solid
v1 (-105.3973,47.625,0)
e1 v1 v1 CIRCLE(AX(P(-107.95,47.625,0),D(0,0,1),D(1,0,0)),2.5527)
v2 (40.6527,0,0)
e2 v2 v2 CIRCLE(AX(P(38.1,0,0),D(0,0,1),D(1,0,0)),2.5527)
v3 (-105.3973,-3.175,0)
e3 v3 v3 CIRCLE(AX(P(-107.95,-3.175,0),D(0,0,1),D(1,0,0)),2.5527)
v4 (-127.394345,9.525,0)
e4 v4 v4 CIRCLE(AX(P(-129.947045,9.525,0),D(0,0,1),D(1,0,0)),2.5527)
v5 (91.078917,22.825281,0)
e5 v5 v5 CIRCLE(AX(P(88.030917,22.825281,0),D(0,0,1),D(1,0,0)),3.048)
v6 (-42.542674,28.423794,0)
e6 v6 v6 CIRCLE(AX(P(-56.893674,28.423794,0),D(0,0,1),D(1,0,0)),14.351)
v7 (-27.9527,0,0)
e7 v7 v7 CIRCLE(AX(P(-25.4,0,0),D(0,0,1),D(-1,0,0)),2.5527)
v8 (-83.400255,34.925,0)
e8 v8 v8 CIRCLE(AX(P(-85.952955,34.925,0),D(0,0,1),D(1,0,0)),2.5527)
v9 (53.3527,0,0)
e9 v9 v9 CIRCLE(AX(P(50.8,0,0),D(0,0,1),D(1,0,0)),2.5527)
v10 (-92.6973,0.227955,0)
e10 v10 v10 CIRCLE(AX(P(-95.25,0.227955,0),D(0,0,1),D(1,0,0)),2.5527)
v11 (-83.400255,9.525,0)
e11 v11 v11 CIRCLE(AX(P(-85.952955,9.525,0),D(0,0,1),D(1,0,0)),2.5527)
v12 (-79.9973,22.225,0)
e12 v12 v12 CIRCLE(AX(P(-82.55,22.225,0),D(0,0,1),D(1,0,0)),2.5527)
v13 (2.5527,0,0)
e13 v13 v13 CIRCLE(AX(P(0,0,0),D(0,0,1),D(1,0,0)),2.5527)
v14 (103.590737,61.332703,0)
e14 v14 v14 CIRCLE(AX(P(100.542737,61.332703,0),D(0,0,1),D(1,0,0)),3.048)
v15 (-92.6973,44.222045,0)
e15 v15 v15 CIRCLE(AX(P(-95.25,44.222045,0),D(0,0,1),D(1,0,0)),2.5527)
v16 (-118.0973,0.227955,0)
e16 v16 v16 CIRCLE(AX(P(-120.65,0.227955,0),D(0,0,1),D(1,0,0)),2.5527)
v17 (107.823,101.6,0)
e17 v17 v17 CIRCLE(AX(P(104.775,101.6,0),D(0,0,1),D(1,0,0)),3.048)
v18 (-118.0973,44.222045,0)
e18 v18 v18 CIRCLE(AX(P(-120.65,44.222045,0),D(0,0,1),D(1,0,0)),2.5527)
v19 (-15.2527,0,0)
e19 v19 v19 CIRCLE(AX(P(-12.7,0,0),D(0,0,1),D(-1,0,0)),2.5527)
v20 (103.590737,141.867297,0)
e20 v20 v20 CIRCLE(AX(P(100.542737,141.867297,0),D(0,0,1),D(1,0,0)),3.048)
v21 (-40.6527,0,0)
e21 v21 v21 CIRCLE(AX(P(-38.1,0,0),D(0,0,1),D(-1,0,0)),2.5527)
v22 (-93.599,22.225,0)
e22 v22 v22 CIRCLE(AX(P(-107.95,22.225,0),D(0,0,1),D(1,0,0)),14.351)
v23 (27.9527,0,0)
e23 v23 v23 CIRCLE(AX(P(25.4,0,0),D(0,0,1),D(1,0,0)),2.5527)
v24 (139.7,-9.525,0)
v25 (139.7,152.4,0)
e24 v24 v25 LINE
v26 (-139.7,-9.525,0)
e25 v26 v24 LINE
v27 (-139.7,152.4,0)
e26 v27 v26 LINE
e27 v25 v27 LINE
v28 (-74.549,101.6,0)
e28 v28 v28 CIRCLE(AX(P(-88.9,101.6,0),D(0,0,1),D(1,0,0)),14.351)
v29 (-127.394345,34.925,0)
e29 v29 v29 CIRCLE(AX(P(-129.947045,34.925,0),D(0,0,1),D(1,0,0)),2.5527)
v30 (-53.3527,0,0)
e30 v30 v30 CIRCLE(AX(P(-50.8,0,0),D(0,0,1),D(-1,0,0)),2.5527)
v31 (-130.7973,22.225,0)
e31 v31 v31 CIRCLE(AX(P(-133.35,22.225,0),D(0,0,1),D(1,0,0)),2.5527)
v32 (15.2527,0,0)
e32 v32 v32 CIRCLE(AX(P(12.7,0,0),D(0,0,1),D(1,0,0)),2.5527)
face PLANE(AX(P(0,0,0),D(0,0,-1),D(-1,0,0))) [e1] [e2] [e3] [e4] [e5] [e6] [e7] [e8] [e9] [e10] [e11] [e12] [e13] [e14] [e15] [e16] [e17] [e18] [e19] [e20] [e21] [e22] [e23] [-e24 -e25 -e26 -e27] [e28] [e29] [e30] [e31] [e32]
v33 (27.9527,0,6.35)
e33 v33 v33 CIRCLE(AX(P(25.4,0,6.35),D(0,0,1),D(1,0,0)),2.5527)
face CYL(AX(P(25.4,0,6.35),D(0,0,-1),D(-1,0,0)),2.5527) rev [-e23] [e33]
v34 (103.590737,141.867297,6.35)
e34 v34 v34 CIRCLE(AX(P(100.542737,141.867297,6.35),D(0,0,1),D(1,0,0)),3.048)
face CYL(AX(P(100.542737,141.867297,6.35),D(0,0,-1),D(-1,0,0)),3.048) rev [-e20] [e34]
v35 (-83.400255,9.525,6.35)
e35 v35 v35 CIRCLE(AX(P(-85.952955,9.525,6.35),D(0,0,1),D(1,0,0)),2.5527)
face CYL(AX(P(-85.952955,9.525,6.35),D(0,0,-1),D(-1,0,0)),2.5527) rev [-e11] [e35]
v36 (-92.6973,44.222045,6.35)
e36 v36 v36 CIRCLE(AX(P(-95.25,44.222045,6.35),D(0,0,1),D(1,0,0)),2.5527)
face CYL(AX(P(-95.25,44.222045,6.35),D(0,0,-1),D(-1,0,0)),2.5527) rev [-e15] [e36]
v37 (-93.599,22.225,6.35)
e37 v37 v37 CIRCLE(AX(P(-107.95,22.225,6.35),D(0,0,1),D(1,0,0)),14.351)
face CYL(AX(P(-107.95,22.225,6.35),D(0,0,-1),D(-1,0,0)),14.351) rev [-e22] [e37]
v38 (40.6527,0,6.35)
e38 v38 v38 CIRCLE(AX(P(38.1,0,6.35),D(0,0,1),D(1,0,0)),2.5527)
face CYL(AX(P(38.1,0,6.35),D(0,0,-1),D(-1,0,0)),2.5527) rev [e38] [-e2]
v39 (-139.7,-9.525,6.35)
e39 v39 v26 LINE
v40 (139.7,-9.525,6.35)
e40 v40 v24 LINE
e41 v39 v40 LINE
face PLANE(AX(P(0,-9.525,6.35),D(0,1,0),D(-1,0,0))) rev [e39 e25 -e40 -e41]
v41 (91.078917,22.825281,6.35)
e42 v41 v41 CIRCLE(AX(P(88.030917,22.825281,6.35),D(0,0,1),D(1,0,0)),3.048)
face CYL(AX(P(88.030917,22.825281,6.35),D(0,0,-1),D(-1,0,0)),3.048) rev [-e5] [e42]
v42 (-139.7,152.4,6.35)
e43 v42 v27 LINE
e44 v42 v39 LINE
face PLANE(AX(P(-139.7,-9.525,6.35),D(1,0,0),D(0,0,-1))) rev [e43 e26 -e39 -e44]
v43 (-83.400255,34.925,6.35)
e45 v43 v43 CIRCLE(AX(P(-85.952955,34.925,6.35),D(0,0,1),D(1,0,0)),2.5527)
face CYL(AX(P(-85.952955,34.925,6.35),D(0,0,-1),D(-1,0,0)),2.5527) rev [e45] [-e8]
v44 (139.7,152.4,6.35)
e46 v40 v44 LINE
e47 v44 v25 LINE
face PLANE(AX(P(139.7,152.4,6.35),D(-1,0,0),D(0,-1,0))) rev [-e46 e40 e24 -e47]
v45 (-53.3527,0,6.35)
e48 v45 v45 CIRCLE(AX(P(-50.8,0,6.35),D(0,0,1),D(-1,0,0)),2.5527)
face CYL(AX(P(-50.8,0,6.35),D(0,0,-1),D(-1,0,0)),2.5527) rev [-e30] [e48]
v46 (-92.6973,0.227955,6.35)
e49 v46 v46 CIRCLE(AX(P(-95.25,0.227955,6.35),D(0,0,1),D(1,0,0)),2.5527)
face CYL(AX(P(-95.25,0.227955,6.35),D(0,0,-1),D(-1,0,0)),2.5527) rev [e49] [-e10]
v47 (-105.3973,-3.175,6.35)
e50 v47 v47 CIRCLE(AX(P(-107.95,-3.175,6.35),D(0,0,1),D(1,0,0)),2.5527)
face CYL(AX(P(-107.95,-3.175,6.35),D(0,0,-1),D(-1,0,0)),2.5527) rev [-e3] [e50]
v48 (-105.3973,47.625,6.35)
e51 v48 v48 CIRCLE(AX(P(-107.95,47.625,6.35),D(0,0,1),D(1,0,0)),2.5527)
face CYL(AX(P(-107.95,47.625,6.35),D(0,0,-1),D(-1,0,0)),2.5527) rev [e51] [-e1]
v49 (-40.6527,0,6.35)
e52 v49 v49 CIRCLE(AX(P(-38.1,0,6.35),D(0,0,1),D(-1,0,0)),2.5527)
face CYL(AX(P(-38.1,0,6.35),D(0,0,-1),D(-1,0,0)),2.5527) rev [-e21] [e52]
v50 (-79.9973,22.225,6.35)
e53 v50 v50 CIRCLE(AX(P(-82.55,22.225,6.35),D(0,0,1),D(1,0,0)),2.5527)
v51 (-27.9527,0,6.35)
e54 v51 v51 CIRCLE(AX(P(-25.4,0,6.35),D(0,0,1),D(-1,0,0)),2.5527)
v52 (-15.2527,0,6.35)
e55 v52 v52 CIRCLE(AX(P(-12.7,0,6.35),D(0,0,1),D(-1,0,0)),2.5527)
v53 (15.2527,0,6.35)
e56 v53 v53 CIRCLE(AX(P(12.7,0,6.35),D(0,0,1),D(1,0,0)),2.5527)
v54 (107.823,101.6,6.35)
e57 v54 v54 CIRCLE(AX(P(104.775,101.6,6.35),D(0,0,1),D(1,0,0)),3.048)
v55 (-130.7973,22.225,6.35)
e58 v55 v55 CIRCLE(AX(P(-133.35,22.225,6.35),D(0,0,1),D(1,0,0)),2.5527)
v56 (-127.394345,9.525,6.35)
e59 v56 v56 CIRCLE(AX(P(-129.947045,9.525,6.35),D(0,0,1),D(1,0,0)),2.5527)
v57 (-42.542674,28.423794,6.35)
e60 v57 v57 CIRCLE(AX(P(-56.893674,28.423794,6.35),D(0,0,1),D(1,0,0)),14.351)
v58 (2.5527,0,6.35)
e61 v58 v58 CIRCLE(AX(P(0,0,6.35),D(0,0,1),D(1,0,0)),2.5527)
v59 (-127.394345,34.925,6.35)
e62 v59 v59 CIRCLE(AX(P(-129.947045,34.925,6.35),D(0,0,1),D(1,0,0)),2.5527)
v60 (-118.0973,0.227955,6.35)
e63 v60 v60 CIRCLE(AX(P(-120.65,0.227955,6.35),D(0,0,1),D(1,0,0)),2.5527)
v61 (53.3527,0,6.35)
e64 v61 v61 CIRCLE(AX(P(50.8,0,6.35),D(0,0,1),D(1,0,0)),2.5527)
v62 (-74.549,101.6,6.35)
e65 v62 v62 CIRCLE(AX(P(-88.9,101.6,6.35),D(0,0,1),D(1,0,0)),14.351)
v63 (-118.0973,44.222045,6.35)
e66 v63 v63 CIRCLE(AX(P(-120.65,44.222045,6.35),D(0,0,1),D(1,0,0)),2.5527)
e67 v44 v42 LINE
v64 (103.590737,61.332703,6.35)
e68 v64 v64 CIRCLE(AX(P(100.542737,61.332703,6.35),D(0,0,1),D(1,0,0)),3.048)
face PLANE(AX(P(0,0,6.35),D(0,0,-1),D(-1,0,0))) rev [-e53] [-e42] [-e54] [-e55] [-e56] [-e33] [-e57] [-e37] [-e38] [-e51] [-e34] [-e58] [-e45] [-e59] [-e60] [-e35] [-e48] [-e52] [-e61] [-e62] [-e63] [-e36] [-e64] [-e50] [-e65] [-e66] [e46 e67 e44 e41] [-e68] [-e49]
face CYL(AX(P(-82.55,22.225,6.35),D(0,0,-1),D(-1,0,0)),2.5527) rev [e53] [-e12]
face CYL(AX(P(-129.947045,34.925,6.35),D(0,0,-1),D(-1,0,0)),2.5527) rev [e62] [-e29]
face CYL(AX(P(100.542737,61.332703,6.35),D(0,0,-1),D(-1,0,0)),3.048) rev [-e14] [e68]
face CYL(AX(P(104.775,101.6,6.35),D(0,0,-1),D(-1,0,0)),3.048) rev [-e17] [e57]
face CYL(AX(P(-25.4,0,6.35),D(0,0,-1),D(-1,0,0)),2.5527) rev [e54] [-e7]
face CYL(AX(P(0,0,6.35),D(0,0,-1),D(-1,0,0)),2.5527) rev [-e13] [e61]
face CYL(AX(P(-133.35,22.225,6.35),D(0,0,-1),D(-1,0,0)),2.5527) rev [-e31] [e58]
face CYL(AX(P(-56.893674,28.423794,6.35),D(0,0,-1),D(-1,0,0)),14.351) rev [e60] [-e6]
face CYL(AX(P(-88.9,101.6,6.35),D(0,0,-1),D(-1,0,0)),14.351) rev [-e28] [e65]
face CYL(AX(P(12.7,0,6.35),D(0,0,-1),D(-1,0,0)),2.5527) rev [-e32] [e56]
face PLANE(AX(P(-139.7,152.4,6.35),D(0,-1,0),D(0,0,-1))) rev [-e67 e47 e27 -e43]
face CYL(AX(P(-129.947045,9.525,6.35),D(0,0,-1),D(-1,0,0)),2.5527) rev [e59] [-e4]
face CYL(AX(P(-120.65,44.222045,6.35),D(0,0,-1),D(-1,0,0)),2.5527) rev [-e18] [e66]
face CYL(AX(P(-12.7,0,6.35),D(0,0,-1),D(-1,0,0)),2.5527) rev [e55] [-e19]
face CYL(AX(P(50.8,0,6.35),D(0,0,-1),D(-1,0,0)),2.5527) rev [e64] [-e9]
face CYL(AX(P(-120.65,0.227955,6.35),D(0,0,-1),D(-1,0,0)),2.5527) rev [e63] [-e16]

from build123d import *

# Parameters (mm, degrees)
SKETCH1_R           = 2.5527
SKETCH1_R_2         = 3.048
SKETCH1_R_3         = 14.351
BOSS_EXTRUDE1_DEPTH = 6.35


with BuildPart() as part:
    # Sketch1 → Boss-Extrude1 (new body)
    with BuildSketch(Plane.XY):
        Polygon((0, -9.525), (-139.7, -9.525), (-139.7, 152.4), (139.7, 152.4), (139.7, -9.525), align=None)
        Circle(SKETCH1_R, mode=Mode.SUBTRACT)
        with Locations((12.7, 0)):
            Circle(SKETCH1_R, mode=Mode.SUBTRACT)
        with Locations((25.4, 0)):
            Circle(SKETCH1_R, mode=Mode.SUBTRACT)
        with Locations((38.1, 0)):
            Circle(SKETCH1_R, mode=Mode.SUBTRACT)
        with Locations((50.8, 0)):
            Circle(SKETCH1_R, mode=Mode.SUBTRACT)
        with Locations(Location((-50.8, 0, 0), (0, 0, 180))):
            Circle(SKETCH1_R, mode=Mode.SUBTRACT)
        with Locations(Location((-38.1, 0, 0), (0, 0, 180))):
            Circle(SKETCH1_R, mode=Mode.SUBTRACT)
        with Locations(Location((-25.4, 0, 0), (0, 0, 180))):
            Circle(SKETCH1_R, mode=Mode.SUBTRACT)
        with Locations(Location((-12.7, 0, 0), (0, 0, 180))):
            Circle(SKETCH1_R, mode=Mode.SUBTRACT)
        with Locations((-82.55, 22.225)):
            Circle(SKETCH1_R, mode=Mode.SUBTRACT)
        with Locations((-85.952954744, 9.525)):
            Circle(SKETCH1_R, mode=Mode.SUBTRACT)
        with Locations((-95.25, 0.227954744)):
            Circle(SKETCH1_R, mode=Mode.SUBTRACT)
        with Locations((-107.95, -3.175)):
            Circle(SKETCH1_R, mode=Mode.SUBTRACT)
        with Locations((-120.65, 0.227954744)):
            Circle(SKETCH1_R, mode=Mode.SUBTRACT)
        with Locations((-129.947045256, 9.525)):
            Circle(SKETCH1_R, mode=Mode.SUBTRACT)
        with Locations((-133.35, 22.225)):
            Circle(SKETCH1_R, mode=Mode.SUBTRACT)
        with Locations((-129.947045256, 34.925)):
            Circle(SKETCH1_R, mode=Mode.SUBTRACT)
        with Locations((-120.65, 44.222045256)):
            Circle(SKETCH1_R, mode=Mode.SUBTRACT)
        with Locations((-107.95, 47.625)):
            Circle(SKETCH1_R, mode=Mode.SUBTRACT)
        with Locations((-95.25, 44.222045256)):
            Circle(SKETCH1_R, mode=Mode.SUBTRACT)
        with Locations((-85.952954744, 34.925)):
            Circle(SKETCH1_R, mode=Mode.SUBTRACT)
        with Locations((100.542736572, 141.867296719)):
            Circle(SKETCH1_R_2, mode=Mode.SUBTRACT)
        with Locations((104.775, 101.6)):
            Circle(SKETCH1_R_2, mode=Mode.SUBTRACT)
        with Locations((100.542736572, 61.332703281)):
            Circle(SKETCH1_R_2, mode=Mode.SUBTRACT)
        with Locations((88.030916509, 22.825280652)):
            Circle(SKETCH1_R_2, mode=Mode.SUBTRACT)
        with Locations((-107.95, 22.225)):
            Circle(SKETCH1_R_3, mode=Mode.SUBTRACT)
        with Locations((-88.9, 101.6)):
            Circle(SKETCH1_R_3, mode=Mode.SUBTRACT)
        with Locations((-56.893674009, 28.423794002)):
            Circle(SKETCH1_R_3, mode=Mode.SUBTRACT)
    extrude(amount=BOSS_EXTRUDE1_DEPTH)


solid = part.part
